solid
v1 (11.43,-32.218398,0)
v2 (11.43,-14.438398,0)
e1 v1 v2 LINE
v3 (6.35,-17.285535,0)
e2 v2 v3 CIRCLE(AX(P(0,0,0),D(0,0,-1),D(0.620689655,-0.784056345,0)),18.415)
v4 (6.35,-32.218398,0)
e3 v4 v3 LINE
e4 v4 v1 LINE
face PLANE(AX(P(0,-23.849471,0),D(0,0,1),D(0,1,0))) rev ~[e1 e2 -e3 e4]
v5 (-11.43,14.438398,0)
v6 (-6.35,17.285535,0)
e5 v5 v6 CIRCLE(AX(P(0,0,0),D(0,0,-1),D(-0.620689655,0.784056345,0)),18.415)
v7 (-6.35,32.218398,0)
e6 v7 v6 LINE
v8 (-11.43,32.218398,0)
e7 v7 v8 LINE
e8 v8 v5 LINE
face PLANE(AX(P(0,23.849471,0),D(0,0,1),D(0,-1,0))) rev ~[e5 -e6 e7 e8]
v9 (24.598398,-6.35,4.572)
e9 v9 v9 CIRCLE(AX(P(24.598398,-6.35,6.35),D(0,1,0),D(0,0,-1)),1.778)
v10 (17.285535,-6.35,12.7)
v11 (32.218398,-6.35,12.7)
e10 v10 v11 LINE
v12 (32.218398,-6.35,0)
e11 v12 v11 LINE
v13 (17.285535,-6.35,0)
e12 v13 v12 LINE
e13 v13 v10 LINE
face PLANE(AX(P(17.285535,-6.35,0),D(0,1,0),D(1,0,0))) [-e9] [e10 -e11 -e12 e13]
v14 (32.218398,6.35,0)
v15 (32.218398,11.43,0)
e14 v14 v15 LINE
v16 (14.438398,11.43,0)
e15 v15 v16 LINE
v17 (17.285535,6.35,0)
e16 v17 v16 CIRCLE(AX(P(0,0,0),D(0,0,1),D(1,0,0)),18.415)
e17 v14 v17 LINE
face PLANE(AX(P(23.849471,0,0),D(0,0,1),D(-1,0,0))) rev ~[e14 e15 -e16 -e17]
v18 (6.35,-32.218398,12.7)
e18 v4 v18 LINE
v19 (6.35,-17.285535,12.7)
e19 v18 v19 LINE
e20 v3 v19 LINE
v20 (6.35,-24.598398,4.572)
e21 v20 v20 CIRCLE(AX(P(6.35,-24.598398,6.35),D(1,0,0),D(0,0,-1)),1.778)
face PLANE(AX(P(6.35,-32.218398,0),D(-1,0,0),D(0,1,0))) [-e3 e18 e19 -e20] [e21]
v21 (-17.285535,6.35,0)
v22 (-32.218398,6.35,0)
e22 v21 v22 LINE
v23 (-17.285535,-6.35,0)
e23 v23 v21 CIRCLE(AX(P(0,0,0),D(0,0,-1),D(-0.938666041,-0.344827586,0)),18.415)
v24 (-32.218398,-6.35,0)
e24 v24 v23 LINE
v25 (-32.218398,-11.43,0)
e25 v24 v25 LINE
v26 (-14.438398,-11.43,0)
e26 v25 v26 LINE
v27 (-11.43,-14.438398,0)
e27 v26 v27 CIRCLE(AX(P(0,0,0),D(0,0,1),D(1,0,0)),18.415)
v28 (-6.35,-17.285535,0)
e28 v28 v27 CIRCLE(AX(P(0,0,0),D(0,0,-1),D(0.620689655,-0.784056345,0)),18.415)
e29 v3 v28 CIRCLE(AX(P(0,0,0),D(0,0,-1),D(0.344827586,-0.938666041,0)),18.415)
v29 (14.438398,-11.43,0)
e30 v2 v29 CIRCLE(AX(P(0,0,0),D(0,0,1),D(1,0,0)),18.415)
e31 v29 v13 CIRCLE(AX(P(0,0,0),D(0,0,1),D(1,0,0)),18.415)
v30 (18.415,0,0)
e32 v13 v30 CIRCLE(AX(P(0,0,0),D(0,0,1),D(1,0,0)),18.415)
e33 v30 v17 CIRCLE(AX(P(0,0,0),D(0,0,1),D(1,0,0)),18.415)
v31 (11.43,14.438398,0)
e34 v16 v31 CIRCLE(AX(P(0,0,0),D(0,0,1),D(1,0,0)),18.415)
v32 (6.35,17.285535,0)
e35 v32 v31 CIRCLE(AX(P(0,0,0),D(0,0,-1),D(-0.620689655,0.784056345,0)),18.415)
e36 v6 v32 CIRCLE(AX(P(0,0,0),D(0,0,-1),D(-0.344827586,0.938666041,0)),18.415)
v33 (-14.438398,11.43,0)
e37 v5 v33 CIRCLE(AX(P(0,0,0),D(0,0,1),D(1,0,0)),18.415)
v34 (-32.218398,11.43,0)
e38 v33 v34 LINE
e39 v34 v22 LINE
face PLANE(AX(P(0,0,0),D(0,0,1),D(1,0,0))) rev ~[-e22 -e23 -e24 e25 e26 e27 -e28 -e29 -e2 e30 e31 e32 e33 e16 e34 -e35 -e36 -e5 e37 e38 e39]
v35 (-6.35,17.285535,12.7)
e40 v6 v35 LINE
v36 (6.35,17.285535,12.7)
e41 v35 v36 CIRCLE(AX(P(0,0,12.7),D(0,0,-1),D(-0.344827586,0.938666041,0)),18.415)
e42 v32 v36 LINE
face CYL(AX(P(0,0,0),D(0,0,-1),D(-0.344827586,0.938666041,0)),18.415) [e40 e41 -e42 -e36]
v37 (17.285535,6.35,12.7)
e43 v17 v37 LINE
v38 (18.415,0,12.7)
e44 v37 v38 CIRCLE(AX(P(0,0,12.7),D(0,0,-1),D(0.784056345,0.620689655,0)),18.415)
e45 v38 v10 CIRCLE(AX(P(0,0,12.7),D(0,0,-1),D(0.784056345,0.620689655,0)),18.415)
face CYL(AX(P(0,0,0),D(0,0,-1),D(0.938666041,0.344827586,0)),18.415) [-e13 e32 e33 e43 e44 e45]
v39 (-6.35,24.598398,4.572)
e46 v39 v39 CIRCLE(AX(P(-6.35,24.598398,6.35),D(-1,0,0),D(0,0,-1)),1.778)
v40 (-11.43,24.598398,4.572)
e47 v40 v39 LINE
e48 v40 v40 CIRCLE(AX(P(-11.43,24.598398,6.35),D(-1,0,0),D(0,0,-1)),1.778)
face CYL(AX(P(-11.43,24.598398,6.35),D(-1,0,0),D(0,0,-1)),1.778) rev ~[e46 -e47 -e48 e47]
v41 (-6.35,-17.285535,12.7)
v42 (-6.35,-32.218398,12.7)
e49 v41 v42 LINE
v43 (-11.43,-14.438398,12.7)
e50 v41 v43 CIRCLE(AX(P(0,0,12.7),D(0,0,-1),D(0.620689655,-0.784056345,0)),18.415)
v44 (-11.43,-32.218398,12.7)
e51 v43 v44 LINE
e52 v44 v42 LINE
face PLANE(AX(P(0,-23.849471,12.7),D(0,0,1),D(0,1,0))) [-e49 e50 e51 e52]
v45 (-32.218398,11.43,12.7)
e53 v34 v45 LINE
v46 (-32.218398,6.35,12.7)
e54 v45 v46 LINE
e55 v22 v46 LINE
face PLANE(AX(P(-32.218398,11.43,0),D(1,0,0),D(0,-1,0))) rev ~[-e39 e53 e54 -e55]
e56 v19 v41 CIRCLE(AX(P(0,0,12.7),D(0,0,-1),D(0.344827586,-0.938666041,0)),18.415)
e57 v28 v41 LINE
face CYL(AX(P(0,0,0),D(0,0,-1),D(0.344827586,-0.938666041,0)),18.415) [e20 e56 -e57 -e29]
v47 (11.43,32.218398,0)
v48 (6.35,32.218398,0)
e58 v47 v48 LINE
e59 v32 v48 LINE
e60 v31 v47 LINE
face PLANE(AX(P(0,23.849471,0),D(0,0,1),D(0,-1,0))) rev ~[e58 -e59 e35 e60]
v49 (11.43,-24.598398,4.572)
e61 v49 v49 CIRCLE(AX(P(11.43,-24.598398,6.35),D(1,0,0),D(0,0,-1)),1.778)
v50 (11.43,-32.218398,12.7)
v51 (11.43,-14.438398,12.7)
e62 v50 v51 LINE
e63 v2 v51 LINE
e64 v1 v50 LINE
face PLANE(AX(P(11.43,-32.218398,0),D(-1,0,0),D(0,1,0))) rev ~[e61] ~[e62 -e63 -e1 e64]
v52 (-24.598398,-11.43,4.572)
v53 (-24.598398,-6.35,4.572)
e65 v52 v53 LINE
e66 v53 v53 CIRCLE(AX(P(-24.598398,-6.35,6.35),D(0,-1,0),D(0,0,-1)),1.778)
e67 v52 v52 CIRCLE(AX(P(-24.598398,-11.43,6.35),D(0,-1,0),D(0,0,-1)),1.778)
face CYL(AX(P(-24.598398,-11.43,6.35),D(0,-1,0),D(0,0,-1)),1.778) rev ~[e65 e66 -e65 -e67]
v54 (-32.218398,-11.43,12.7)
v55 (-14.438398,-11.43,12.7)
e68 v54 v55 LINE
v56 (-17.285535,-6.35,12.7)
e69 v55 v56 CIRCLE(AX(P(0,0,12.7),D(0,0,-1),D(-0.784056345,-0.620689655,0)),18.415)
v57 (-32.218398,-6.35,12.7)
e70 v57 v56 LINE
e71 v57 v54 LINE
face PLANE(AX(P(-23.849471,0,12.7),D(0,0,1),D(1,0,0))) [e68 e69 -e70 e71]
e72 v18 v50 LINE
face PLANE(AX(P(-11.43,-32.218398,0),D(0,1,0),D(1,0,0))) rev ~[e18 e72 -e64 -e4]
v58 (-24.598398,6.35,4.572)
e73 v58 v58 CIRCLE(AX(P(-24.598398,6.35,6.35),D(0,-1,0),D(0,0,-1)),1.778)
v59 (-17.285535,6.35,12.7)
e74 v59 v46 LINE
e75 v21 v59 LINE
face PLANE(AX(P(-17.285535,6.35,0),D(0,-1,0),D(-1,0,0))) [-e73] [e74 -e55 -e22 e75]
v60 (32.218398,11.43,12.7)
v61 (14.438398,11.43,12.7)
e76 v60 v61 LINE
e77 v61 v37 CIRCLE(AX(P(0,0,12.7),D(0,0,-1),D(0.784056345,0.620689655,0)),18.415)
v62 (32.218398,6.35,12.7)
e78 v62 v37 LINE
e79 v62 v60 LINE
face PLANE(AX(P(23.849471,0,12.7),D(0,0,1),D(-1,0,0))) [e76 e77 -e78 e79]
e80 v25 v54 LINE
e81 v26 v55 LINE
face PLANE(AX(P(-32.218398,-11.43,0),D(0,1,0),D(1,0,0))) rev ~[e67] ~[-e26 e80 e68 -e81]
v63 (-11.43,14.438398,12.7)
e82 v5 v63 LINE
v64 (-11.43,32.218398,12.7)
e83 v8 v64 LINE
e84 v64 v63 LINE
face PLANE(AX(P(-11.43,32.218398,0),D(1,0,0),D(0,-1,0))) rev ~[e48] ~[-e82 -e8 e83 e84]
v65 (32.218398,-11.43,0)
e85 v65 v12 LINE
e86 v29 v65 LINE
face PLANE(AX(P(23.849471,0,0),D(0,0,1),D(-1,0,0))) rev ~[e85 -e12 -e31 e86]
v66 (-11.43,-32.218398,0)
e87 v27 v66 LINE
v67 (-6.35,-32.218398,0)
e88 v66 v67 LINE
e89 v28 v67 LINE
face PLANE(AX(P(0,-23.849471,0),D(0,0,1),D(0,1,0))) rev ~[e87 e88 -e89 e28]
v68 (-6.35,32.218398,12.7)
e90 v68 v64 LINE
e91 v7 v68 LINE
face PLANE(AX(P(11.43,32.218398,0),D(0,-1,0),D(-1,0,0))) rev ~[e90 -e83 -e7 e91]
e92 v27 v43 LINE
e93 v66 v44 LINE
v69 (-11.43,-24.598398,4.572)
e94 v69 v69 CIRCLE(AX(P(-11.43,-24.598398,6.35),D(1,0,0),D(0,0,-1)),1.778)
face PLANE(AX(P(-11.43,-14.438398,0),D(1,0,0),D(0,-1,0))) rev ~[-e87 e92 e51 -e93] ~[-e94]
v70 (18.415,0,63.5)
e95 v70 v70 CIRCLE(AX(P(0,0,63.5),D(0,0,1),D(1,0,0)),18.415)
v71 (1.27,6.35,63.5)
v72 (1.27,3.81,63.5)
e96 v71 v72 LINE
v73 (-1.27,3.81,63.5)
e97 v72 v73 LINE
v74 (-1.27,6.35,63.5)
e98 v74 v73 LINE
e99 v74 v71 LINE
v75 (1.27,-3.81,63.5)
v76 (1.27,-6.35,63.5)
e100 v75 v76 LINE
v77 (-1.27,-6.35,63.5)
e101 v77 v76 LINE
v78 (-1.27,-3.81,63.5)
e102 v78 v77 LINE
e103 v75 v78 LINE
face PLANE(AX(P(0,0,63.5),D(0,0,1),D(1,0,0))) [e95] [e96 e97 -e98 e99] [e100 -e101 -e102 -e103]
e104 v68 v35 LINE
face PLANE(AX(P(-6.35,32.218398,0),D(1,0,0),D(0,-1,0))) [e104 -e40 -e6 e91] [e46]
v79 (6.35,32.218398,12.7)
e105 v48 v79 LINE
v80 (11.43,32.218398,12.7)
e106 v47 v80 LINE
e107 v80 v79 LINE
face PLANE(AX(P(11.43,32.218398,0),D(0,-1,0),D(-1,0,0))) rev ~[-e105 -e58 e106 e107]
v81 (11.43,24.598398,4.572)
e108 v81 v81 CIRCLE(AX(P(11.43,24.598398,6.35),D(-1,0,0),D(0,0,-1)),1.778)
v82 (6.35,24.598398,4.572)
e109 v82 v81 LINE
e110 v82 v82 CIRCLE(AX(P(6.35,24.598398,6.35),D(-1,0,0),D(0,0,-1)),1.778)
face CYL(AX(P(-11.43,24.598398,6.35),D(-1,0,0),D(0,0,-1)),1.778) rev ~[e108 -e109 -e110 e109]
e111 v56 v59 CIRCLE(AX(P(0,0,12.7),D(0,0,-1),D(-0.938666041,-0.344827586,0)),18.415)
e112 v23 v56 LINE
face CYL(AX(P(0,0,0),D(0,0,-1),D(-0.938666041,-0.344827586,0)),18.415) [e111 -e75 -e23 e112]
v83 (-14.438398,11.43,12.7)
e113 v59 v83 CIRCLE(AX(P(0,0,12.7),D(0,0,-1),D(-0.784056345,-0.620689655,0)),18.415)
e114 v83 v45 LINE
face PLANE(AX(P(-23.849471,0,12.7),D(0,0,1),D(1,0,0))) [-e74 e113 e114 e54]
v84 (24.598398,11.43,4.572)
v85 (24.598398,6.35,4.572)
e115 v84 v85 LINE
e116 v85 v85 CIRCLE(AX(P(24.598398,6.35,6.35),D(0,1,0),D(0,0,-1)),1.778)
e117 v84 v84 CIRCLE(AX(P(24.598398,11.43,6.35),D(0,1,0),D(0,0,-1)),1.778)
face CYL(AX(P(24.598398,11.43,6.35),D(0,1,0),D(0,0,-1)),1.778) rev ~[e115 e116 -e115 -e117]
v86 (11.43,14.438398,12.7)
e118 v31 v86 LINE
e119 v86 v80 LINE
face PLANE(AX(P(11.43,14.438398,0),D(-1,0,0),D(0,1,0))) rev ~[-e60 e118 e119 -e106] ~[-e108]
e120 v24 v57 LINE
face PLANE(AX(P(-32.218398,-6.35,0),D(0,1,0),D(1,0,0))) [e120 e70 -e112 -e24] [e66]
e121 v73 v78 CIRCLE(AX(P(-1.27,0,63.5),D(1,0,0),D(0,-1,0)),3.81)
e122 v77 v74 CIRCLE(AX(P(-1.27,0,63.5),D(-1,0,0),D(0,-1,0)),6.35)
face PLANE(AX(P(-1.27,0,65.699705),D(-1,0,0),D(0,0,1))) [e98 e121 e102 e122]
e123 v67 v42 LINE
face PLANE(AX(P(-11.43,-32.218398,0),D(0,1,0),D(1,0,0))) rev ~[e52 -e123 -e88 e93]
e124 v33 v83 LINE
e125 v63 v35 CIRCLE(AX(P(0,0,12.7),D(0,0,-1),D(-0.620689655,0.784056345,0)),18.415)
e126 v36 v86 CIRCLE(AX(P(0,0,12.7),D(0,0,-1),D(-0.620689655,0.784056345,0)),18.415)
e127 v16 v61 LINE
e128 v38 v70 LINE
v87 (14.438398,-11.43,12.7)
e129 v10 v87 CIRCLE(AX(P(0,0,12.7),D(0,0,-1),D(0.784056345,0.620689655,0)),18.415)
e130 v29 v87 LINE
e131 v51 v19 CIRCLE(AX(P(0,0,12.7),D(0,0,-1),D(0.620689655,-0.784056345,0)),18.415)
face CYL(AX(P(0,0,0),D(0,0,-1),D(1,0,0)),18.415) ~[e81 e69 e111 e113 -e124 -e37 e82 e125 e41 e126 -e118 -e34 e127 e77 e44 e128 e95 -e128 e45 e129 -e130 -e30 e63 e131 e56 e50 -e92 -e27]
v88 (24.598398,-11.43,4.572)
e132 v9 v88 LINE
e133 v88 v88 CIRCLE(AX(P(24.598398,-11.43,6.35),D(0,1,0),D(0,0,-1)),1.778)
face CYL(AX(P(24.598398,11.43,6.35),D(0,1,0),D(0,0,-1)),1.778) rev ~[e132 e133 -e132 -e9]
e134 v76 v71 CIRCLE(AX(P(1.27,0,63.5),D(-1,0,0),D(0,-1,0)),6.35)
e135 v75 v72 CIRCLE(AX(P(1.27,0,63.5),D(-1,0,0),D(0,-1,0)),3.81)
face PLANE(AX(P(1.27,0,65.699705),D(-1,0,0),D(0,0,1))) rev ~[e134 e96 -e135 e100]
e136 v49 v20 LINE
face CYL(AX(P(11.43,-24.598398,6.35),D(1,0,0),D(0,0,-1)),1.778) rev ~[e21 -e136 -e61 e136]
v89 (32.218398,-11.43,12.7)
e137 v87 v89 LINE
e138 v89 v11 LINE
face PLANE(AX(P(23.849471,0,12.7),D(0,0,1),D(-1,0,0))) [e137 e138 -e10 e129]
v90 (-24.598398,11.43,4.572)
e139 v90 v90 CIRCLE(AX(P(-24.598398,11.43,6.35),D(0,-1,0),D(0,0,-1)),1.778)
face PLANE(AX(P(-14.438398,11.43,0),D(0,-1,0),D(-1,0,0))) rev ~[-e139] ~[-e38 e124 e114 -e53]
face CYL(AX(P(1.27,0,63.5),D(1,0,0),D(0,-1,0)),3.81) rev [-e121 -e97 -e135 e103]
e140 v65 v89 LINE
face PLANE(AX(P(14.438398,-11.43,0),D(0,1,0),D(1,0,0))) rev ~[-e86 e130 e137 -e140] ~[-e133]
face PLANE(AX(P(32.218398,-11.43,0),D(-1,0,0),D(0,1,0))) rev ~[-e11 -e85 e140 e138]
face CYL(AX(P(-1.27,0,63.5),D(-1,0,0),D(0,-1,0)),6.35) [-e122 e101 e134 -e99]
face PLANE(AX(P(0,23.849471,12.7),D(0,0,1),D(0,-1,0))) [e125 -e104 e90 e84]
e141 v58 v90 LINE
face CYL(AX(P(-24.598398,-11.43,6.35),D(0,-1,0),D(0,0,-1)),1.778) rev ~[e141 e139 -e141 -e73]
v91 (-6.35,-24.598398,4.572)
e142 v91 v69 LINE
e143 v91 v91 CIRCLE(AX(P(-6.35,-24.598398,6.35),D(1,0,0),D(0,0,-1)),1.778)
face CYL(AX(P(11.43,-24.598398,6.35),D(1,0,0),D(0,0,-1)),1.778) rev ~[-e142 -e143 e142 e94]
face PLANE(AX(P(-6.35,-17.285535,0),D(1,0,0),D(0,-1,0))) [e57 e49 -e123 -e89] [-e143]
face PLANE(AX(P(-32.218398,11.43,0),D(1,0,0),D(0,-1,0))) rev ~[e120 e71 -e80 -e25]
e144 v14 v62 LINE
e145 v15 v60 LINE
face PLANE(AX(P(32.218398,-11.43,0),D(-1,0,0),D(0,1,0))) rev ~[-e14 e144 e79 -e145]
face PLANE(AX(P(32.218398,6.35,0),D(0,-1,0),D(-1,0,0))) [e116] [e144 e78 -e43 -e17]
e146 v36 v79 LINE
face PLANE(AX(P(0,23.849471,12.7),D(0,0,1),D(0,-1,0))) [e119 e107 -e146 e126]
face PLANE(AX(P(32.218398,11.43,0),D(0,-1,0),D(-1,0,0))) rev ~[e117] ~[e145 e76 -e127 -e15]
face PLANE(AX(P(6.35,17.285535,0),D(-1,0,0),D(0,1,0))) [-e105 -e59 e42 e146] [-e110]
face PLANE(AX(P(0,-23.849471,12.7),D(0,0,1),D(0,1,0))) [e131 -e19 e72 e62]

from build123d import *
from build123d.topology import SkipClean

# Parameters (mm, degrees)
SKETCH1_R                = 18.415
BOSS_EXTRUDE1_DEPTH      = 63.5
BOSS_EXTRUDE4_DEPTH      = 12.7
SKETCH9_R                = 1.778
CUT_EXTRUDE2_DEPTH       = 25.4
BOSS_EXTRUDE5_DEPTH      = 1.27
BOSS_EXTRUDE5_DEPTH_BACK = 1.27
CUT_EXTRUDE3_DEPTH       = 15.24
CUT_EXTRUDE4_START       = -12.7
CUT_EXTRUDE4_DEPTH       = 12.7
CIRPATTERN1_COUNT        = 4


with BuildPart() as part:
    # Sketch1 → Boss-Extrude1 (new body)
    with BuildSketch(Plane.XY):
        Circle(SKETCH1_R)
    extrude(amount=BOSS_EXTRUDE1_DEPTH)

    # Sketch8 → Boss-Extrude4 (add)
    with BuildSketch(Plane.XY):
        with BuildLine():
            Line((-14.438397591, 11.43), (-32.218397591, 11.43))
            Line((-32.218397591, 11.43), (-32.218397591, -11.43))
            Line((-32.218397591, -11.43), (-14.438397591, -11.43))
            ThreePointArc((-14.438397591, -11.43), (-18.415, 0), (-14.438397591, 11.43))
        make_face()
    boss_extrude4 = extrude(amount=BOSS_EXTRUDE4_DEPTH)

    # Sketch9 → Cut-Extrude2 (cut)
    with BuildSketch(Plane.XZ.offset(11.43)):
        with Locations(Location((-24.598397591, 6.35, 0), (0, 0, 270))):
            Circle(SKETCH9_R)
    cut_extrude2 = extrude(amount=-CUT_EXTRUDE2_DEPTH, mode=Mode.SUBTRACT)

    # Sketch13 → Boss-Extrude5 (add, two sides: drawn at the far end of the back side and taken through both)
    with BuildSketch(Plane(origin=(0, 0, 0), x_dir=(0, 0, -1), z_dir=(1, 0, 0)).offset(-BOSS_EXTRUDE5_DEPTH_BACK)):
        with BuildLine():
            Line((-63.5, 6.35), (-63.5, -6.35))
            ThreePointArc((-63.5, -6.35), (-69.85, 0), (-63.5, 6.35))
        make_face()
    extrude(amount=BOSS_EXTRUDE5_DEPTH + BOSS_EXTRUDE5_DEPTH_BACK)

    # Sketch14 → Cut-Extrude3 (cut)
    with BuildSketch(Plane(origin=(1.27, 0, 0), x_dir=(0, 0, -1), z_dir=(1, 0, 0))):
        with BuildLine():
            Line((-63.5, 3.81), (-63.5, -3.81))
            ThreePointArc((-63.5, -3.81), (-67.31, 0), (-63.5, 3.81))
        make_face()
    extrude(amount=-CUT_EXTRUDE3_DEPTH, mode=Mode.SUBTRACT)

    # Sketch15 → Cut-Extrude4 (cut)
    with SkipClean():  # the faces are left unmerged after this step: merging them gives an invalid solid
        with BuildSketch(Plane.XY.offset(12.7).offset(CUT_EXTRUDE4_START)):
            with BuildLine():
                Line((-17.285535138, 6.35), (-32.218397591, 6.35))
                Line((-32.218397591, 6.35), (-32.218397591, -6.35))
                Line((-32.218397591, -6.35), (-17.285535138, -6.35))
                ThreePointArc((-17.285535138, -6.35), (-18.415, 0), (-17.285535138, 6.35))
            make_face()
        cut_extrude4 = extrude(amount=CUT_EXTRUDE4_DEPTH, mode=Mode.SUBTRACT)

    # CirPattern1: Boss-Extrude4, Cut-Extrude2, Cut-Extrude4 ×4 about axis
    with SkipClean():  # the faces are left unmerged after this step: merging them gives an invalid solid
        cirpattern1_axis = Axis((0, 0, 0), (0, 0, 1))
        add([boss_extrude4.rotate(cirpattern1_axis, i * 360 / CIRPATTERN1_COUNT) for i in range(1, CIRPATTERN1_COUNT)])
        add([cut_extrude2.rotate(cirpattern1_axis, i * 360 / CIRPATTERN1_COUNT) for i in range(1, CIRPATTERN1_COUNT)], mode=Mode.SUBTRACT)
        add([cut_extrude4.rotate(cirpattern1_axis, i * 360 / CIRPATTERN1_COUNT) for i in range(1, CIRPATTERN1_COUNT)], mode=Mode.SUBTRACT)


solid = part.part
